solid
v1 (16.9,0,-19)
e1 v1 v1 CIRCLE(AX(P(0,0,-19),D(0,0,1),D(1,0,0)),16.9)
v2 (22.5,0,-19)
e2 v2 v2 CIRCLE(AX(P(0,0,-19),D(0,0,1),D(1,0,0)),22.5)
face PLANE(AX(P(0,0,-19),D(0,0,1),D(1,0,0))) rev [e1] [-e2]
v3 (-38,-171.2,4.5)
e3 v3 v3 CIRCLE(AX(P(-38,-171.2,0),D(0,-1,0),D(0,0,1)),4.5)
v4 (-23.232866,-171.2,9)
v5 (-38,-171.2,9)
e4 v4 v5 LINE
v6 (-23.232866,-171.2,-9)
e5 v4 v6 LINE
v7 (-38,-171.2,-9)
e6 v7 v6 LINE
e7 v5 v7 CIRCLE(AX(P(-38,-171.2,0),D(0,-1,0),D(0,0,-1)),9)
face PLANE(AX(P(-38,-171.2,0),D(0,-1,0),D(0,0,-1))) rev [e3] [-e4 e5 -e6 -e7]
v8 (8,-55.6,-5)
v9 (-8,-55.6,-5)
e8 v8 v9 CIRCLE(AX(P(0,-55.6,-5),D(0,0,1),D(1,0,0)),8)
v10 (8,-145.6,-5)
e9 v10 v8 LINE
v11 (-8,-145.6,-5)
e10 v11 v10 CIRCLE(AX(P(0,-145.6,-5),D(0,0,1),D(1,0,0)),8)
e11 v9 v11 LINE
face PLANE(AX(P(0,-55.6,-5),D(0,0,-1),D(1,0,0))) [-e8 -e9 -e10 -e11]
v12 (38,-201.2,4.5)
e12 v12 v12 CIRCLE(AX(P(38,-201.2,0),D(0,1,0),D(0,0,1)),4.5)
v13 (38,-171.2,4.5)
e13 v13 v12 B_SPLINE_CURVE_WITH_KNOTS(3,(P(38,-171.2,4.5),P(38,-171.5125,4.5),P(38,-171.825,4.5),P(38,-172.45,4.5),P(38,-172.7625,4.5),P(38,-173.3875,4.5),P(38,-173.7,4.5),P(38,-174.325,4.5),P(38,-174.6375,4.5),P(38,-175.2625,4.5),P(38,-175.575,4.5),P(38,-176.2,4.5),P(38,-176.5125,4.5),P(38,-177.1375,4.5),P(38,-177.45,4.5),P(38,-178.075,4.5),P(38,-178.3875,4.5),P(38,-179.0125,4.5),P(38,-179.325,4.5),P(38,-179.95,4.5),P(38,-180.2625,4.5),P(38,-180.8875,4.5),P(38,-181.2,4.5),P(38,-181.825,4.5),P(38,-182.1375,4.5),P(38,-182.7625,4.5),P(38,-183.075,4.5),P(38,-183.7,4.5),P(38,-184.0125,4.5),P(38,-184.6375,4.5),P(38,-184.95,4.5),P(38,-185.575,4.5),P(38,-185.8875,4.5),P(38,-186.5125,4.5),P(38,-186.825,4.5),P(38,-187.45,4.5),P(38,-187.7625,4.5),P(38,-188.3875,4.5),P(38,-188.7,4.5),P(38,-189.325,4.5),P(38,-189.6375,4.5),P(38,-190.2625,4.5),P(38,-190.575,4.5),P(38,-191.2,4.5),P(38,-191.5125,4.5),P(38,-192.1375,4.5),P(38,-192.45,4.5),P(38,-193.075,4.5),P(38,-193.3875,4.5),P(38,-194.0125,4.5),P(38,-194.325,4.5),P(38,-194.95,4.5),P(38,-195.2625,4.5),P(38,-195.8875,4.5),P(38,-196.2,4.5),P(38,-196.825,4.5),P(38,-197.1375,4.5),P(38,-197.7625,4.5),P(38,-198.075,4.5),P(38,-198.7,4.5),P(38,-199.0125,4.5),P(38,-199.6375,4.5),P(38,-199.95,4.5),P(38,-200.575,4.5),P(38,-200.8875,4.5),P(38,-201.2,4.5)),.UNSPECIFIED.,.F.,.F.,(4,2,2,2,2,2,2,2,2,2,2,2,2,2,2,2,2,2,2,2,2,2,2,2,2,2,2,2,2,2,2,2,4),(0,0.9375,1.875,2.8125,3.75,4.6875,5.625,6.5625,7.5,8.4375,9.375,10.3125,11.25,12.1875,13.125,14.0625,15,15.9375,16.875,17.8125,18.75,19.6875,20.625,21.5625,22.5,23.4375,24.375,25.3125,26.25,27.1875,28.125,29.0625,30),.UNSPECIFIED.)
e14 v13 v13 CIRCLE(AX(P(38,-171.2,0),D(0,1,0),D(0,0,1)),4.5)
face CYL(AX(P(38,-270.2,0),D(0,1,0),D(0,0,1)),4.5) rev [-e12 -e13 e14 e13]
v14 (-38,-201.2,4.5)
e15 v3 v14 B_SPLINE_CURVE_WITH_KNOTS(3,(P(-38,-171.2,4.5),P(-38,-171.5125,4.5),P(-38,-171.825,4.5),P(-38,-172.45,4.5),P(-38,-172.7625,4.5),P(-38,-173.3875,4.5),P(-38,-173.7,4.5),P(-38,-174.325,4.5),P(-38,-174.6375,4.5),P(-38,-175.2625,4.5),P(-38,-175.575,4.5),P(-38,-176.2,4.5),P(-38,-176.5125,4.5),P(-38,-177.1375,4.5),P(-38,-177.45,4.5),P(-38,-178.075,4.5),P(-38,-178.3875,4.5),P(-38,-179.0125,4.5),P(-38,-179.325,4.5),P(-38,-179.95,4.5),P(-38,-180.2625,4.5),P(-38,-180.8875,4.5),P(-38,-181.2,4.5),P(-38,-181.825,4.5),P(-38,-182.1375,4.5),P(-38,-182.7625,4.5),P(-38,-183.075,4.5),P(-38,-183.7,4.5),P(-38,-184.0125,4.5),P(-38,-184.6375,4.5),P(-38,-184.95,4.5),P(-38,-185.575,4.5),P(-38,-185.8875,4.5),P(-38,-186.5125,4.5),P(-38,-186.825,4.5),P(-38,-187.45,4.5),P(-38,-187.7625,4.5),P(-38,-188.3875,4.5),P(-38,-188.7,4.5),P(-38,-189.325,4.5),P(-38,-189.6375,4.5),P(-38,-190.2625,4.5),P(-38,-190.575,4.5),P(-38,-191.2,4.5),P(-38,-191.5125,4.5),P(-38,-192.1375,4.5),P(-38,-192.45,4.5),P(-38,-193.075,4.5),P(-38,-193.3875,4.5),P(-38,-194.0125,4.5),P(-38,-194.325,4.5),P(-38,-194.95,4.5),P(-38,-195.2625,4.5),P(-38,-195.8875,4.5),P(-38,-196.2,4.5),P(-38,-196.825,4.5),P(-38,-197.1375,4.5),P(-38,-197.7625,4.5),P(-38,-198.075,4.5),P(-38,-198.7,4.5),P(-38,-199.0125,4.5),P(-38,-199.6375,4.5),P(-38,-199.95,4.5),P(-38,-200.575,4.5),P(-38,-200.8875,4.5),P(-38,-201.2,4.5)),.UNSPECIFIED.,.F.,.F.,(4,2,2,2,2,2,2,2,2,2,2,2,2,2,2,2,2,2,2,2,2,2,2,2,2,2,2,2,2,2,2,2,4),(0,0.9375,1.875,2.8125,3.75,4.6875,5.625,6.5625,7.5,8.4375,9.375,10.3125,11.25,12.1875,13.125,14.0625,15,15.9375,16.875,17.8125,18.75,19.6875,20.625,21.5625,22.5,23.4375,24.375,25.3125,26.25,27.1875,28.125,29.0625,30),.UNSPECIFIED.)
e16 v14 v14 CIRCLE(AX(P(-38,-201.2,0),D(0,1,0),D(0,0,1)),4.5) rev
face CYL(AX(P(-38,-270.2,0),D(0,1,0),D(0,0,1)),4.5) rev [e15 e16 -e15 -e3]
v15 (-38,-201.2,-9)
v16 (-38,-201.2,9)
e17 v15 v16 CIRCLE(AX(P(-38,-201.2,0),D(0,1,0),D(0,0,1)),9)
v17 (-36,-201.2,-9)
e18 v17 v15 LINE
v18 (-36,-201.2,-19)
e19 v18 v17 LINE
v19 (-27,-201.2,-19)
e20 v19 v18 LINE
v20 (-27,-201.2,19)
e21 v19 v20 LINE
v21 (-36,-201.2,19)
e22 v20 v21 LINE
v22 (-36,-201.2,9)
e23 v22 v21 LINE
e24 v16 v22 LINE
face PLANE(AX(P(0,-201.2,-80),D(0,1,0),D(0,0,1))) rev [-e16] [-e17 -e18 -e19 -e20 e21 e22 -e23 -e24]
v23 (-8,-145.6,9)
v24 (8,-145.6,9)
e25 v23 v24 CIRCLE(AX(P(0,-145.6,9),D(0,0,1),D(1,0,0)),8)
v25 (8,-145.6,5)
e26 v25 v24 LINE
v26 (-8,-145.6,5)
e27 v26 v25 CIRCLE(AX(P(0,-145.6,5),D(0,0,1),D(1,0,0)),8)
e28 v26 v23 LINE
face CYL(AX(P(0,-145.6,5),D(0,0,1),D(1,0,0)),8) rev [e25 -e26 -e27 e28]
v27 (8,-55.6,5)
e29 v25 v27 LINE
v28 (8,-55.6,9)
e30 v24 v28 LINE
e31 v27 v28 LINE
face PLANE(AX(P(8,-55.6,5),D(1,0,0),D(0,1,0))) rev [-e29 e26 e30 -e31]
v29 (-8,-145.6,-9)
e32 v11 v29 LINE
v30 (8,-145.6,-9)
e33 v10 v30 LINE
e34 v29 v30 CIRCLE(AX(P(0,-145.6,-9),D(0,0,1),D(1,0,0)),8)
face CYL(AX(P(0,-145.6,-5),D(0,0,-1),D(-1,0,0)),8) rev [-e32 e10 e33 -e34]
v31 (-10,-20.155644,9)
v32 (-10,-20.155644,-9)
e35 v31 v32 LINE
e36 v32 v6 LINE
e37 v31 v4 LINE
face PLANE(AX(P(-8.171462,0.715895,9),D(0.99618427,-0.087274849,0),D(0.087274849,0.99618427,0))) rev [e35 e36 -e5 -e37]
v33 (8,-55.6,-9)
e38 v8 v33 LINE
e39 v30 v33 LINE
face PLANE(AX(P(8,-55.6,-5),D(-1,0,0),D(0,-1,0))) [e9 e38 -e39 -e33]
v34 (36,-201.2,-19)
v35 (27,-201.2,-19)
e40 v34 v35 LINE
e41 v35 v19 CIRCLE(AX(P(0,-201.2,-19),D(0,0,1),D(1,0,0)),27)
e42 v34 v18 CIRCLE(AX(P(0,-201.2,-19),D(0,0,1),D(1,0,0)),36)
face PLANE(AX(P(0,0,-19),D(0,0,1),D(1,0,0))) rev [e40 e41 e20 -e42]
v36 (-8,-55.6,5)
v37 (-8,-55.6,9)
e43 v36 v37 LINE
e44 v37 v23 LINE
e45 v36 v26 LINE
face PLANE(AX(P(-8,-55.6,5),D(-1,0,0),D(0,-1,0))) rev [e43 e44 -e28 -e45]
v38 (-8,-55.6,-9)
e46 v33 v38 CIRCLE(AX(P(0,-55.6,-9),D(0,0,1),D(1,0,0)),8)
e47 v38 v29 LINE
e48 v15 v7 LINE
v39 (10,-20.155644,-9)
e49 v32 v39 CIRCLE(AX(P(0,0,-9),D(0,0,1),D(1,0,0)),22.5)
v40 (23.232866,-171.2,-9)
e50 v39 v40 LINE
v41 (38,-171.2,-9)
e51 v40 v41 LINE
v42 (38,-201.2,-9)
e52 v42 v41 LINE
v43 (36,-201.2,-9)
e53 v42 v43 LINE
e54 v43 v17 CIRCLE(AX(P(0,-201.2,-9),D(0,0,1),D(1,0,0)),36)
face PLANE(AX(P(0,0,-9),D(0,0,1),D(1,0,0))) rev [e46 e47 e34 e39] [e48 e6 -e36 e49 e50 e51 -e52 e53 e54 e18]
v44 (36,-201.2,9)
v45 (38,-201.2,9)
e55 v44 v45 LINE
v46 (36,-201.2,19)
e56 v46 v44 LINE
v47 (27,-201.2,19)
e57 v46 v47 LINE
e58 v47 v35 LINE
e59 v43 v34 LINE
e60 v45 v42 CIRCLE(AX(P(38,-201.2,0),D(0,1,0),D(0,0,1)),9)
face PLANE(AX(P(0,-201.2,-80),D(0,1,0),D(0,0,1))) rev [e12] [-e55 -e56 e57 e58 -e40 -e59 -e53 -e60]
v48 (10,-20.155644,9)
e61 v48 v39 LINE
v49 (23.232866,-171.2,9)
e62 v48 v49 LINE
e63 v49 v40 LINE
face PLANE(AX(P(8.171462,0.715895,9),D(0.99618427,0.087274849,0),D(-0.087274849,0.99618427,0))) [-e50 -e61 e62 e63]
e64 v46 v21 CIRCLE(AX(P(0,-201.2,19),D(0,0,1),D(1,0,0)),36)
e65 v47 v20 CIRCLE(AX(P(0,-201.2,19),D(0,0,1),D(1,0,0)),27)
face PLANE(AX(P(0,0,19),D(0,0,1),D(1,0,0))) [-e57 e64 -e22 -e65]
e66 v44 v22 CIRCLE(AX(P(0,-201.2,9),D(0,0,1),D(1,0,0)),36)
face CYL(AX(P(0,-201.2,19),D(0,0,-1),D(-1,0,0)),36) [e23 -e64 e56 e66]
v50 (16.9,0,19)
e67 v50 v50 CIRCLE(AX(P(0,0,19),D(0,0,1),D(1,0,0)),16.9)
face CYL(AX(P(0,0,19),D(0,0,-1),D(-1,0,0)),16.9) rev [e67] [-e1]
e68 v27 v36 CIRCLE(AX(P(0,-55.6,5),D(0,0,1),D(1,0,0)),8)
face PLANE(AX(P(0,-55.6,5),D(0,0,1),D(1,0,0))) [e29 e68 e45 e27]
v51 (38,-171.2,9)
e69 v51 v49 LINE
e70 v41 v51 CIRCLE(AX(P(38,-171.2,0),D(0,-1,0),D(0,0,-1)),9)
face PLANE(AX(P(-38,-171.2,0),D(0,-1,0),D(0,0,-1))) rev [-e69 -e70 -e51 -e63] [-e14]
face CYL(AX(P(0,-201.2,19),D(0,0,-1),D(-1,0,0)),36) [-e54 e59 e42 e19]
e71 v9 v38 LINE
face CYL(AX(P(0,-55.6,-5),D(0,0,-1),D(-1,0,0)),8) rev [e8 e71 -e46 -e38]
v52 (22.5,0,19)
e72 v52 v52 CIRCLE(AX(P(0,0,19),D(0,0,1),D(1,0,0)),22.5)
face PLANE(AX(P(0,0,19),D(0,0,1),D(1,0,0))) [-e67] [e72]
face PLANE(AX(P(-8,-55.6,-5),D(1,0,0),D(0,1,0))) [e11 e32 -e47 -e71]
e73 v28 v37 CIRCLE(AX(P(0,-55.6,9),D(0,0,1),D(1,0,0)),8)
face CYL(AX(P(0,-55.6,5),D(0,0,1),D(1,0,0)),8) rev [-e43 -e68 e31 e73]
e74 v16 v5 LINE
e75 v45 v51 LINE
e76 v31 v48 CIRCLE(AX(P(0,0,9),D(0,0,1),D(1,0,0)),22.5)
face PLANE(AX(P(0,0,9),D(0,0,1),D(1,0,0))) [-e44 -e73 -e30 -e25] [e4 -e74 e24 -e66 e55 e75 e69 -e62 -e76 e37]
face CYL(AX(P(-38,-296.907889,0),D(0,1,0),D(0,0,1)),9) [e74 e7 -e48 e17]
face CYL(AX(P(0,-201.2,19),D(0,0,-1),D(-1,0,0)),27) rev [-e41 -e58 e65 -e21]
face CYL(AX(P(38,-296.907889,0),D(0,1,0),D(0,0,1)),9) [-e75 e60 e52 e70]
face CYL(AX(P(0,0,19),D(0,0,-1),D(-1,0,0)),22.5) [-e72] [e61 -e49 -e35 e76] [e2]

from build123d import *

# Parameters (mm, degrees)
SKETCH2_R             = 22.5
SKETCH2_R_2           = 16.9
BOSS_EXTRUDE1_DEPTH   = 19
SKETCH2_R_3           = 36
SKETCH2_R_4           = 27
BOSS_EXTRUDE1_2_DEPTH = 19
BOSS_EXTRUDE2_DEPTH   = 9
CUT_EXTRUDE1_DEPTH    = 4
CUT_EXTRUDE2_DEPTH    = 99
BOSS_EXTRUDE3_DEPTH   = 30
CUT_EXTRUDE3_START    = -99
SKETCH6_R             = 27
CUT_EXTRUDE3_DEPTH    = 99
SKETCH7_R             = 4.5
CUT_EXTRUDE4_DEPTH    = 99


with BuildPart() as part:
    # Sketch2 → Boss-Extrude1 (new, symmetric)
    with BuildSketch(Plane.XY):
        Circle(SKETCH2_R)
        Circle(SKETCH2_R_2, mode=Mode.SUBTRACT)
    extrude(amount=BOSS_EXTRUDE1_DEPTH, both=True)



with BuildPart() as body_2:
    # Sketch2 → Boss-Extrude1 2 (new, symmetric)
    with BuildSketch(Plane.XY):
        with Locations((0, -201.2)):
            Circle(SKETCH2_R_3)
        with Locations((0, -201.2)):
            Circle(SKETCH2_R_4, mode=Mode.SUBTRACT)
    extrude(amount=BOSS_EXTRUDE1_2_DEPTH, both=True)


with BuildPart() as part_1:
    add(part.part)

    add(body_2.part)  # Boss-Extrude2 merges body 2
    # Sketch2<5> → Boss-Extrude2 (add, symmetric)
    with BuildSketch(Plane.XY):
        with BuildLine():
            Line((0, -165.2), (0, -22.5))
            ThreePointArc((0, -22.5), (-5.135562367, -21.906072199), (-10, -20.155644371))
            Line((-10, -20.155644371), (-23.469590176, -173.902045187))
            ThreePointArc((-23.469590176, -173.902045187), (-12.515462971, -167.445545677), (0, -165.2))
        make_face()
        with BuildLine():
            ThreePointArc((10, -20.155644371), (5.135562367, -21.906072199), (0, -22.5))
            Line((0, -22.5), (0, -165.2))
            ThreePointArc((0, -165.2), (12.515462971, -167.445545677), (23.469590176, -173.902045187))
            Line((23.469590176, -173.902045187), (10, -20.155644371))
        make_face()
    extrude(amount=BOSS_EXTRUDE2_DEPTH, both=True)

    # Sketch3 → Cut-Extrude1 (cut)
    with BuildSketch(Plane.XY.offset(9)):
        with BuildLine():
            Line((8, -55.6), (8, -145.6))
            ThreePointArc((8, -145.6), (0, -153.6), (-8, -145.6))
            Line((-8, -145.6), (-8, -55.6))
            ThreePointArc((-8, -55.6), (0, -47.6), (8, -55.6))
        make_face()
    cut_extrude1 = extrude(amount=-CUT_EXTRUDE1_DEPTH, mode=Mode.SUBTRACT)

    # Mirror1: Cut-Extrude1 across plane
    add(cut_extrude1.mirror(Plane.XY), mode=Mode.SUBTRACT)

    # Sketch4 → Cut-Extrude2 (cut)
    with BuildSketch(Plane.XY.offset(19)):
        Polygon((0, -201.2), (-54.705364776, -201.2), (-51.550648926, -248.976612299), (37.861738866, -255.19137468), (50.544643276, -201.2), align=None)
    extrude(amount=-CUT_EXTRUDE2_DEPTH, mode=Mode.SUBTRACT)

    # Sketch5 → Boss-Extrude3 (add)
    with BuildSketch(Plane(origin=(0, -171.2, 0), x_dir=(-1, 0, 0), z_dir=(0, -1, 0))):
        with BuildLine():
            Line((38, -9), (-38, -9))
            ThreePointArc((-38, -9), (-47, 0), (-38, 9))
            Line((-38, 9), (38, 9))
            ThreePointArc((38, 9), (47, 0), (38, -9))
        make_face()
    extrude(amount=BOSS_EXTRUDE3_DEPTH)

    # Sketch6 → Cut-Extrude3 (cut)
    with BuildSketch(Plane.XY.offset(9).offset(CUT_EXTRUDE3_START)):
        with Locations((0, -201.2)):
            Circle(SKETCH6_R)
    extrude(amount=CUT_EXTRUDE3_DEPTH, mode=Mode.SUBTRACT)

    # Sketch7 → Cut-Extrude4 (cut)
    with BuildSketch(Plane(origin=(0, -171.2, 0), x_dir=(1, 0, 0), z_dir=(0, 1, 0))):
        with Locations(Location((38, 0, 0), (0, 0, 270))):
            Circle(SKETCH7_R)
    cut_extrude4 = extrude(amount=-CUT_EXTRUDE4_DEPTH, mode=Mode.SUBTRACT)

    # Mirror2: Cut-Extrude4 across plane
    add(cut_extrude4.mirror(Plane(origin=(0, 0, 0), x_dir=(0, 0, 1), z_dir=(1, 0, 0))), mode=Mode.SUBTRACT)


solid = part_1.part
